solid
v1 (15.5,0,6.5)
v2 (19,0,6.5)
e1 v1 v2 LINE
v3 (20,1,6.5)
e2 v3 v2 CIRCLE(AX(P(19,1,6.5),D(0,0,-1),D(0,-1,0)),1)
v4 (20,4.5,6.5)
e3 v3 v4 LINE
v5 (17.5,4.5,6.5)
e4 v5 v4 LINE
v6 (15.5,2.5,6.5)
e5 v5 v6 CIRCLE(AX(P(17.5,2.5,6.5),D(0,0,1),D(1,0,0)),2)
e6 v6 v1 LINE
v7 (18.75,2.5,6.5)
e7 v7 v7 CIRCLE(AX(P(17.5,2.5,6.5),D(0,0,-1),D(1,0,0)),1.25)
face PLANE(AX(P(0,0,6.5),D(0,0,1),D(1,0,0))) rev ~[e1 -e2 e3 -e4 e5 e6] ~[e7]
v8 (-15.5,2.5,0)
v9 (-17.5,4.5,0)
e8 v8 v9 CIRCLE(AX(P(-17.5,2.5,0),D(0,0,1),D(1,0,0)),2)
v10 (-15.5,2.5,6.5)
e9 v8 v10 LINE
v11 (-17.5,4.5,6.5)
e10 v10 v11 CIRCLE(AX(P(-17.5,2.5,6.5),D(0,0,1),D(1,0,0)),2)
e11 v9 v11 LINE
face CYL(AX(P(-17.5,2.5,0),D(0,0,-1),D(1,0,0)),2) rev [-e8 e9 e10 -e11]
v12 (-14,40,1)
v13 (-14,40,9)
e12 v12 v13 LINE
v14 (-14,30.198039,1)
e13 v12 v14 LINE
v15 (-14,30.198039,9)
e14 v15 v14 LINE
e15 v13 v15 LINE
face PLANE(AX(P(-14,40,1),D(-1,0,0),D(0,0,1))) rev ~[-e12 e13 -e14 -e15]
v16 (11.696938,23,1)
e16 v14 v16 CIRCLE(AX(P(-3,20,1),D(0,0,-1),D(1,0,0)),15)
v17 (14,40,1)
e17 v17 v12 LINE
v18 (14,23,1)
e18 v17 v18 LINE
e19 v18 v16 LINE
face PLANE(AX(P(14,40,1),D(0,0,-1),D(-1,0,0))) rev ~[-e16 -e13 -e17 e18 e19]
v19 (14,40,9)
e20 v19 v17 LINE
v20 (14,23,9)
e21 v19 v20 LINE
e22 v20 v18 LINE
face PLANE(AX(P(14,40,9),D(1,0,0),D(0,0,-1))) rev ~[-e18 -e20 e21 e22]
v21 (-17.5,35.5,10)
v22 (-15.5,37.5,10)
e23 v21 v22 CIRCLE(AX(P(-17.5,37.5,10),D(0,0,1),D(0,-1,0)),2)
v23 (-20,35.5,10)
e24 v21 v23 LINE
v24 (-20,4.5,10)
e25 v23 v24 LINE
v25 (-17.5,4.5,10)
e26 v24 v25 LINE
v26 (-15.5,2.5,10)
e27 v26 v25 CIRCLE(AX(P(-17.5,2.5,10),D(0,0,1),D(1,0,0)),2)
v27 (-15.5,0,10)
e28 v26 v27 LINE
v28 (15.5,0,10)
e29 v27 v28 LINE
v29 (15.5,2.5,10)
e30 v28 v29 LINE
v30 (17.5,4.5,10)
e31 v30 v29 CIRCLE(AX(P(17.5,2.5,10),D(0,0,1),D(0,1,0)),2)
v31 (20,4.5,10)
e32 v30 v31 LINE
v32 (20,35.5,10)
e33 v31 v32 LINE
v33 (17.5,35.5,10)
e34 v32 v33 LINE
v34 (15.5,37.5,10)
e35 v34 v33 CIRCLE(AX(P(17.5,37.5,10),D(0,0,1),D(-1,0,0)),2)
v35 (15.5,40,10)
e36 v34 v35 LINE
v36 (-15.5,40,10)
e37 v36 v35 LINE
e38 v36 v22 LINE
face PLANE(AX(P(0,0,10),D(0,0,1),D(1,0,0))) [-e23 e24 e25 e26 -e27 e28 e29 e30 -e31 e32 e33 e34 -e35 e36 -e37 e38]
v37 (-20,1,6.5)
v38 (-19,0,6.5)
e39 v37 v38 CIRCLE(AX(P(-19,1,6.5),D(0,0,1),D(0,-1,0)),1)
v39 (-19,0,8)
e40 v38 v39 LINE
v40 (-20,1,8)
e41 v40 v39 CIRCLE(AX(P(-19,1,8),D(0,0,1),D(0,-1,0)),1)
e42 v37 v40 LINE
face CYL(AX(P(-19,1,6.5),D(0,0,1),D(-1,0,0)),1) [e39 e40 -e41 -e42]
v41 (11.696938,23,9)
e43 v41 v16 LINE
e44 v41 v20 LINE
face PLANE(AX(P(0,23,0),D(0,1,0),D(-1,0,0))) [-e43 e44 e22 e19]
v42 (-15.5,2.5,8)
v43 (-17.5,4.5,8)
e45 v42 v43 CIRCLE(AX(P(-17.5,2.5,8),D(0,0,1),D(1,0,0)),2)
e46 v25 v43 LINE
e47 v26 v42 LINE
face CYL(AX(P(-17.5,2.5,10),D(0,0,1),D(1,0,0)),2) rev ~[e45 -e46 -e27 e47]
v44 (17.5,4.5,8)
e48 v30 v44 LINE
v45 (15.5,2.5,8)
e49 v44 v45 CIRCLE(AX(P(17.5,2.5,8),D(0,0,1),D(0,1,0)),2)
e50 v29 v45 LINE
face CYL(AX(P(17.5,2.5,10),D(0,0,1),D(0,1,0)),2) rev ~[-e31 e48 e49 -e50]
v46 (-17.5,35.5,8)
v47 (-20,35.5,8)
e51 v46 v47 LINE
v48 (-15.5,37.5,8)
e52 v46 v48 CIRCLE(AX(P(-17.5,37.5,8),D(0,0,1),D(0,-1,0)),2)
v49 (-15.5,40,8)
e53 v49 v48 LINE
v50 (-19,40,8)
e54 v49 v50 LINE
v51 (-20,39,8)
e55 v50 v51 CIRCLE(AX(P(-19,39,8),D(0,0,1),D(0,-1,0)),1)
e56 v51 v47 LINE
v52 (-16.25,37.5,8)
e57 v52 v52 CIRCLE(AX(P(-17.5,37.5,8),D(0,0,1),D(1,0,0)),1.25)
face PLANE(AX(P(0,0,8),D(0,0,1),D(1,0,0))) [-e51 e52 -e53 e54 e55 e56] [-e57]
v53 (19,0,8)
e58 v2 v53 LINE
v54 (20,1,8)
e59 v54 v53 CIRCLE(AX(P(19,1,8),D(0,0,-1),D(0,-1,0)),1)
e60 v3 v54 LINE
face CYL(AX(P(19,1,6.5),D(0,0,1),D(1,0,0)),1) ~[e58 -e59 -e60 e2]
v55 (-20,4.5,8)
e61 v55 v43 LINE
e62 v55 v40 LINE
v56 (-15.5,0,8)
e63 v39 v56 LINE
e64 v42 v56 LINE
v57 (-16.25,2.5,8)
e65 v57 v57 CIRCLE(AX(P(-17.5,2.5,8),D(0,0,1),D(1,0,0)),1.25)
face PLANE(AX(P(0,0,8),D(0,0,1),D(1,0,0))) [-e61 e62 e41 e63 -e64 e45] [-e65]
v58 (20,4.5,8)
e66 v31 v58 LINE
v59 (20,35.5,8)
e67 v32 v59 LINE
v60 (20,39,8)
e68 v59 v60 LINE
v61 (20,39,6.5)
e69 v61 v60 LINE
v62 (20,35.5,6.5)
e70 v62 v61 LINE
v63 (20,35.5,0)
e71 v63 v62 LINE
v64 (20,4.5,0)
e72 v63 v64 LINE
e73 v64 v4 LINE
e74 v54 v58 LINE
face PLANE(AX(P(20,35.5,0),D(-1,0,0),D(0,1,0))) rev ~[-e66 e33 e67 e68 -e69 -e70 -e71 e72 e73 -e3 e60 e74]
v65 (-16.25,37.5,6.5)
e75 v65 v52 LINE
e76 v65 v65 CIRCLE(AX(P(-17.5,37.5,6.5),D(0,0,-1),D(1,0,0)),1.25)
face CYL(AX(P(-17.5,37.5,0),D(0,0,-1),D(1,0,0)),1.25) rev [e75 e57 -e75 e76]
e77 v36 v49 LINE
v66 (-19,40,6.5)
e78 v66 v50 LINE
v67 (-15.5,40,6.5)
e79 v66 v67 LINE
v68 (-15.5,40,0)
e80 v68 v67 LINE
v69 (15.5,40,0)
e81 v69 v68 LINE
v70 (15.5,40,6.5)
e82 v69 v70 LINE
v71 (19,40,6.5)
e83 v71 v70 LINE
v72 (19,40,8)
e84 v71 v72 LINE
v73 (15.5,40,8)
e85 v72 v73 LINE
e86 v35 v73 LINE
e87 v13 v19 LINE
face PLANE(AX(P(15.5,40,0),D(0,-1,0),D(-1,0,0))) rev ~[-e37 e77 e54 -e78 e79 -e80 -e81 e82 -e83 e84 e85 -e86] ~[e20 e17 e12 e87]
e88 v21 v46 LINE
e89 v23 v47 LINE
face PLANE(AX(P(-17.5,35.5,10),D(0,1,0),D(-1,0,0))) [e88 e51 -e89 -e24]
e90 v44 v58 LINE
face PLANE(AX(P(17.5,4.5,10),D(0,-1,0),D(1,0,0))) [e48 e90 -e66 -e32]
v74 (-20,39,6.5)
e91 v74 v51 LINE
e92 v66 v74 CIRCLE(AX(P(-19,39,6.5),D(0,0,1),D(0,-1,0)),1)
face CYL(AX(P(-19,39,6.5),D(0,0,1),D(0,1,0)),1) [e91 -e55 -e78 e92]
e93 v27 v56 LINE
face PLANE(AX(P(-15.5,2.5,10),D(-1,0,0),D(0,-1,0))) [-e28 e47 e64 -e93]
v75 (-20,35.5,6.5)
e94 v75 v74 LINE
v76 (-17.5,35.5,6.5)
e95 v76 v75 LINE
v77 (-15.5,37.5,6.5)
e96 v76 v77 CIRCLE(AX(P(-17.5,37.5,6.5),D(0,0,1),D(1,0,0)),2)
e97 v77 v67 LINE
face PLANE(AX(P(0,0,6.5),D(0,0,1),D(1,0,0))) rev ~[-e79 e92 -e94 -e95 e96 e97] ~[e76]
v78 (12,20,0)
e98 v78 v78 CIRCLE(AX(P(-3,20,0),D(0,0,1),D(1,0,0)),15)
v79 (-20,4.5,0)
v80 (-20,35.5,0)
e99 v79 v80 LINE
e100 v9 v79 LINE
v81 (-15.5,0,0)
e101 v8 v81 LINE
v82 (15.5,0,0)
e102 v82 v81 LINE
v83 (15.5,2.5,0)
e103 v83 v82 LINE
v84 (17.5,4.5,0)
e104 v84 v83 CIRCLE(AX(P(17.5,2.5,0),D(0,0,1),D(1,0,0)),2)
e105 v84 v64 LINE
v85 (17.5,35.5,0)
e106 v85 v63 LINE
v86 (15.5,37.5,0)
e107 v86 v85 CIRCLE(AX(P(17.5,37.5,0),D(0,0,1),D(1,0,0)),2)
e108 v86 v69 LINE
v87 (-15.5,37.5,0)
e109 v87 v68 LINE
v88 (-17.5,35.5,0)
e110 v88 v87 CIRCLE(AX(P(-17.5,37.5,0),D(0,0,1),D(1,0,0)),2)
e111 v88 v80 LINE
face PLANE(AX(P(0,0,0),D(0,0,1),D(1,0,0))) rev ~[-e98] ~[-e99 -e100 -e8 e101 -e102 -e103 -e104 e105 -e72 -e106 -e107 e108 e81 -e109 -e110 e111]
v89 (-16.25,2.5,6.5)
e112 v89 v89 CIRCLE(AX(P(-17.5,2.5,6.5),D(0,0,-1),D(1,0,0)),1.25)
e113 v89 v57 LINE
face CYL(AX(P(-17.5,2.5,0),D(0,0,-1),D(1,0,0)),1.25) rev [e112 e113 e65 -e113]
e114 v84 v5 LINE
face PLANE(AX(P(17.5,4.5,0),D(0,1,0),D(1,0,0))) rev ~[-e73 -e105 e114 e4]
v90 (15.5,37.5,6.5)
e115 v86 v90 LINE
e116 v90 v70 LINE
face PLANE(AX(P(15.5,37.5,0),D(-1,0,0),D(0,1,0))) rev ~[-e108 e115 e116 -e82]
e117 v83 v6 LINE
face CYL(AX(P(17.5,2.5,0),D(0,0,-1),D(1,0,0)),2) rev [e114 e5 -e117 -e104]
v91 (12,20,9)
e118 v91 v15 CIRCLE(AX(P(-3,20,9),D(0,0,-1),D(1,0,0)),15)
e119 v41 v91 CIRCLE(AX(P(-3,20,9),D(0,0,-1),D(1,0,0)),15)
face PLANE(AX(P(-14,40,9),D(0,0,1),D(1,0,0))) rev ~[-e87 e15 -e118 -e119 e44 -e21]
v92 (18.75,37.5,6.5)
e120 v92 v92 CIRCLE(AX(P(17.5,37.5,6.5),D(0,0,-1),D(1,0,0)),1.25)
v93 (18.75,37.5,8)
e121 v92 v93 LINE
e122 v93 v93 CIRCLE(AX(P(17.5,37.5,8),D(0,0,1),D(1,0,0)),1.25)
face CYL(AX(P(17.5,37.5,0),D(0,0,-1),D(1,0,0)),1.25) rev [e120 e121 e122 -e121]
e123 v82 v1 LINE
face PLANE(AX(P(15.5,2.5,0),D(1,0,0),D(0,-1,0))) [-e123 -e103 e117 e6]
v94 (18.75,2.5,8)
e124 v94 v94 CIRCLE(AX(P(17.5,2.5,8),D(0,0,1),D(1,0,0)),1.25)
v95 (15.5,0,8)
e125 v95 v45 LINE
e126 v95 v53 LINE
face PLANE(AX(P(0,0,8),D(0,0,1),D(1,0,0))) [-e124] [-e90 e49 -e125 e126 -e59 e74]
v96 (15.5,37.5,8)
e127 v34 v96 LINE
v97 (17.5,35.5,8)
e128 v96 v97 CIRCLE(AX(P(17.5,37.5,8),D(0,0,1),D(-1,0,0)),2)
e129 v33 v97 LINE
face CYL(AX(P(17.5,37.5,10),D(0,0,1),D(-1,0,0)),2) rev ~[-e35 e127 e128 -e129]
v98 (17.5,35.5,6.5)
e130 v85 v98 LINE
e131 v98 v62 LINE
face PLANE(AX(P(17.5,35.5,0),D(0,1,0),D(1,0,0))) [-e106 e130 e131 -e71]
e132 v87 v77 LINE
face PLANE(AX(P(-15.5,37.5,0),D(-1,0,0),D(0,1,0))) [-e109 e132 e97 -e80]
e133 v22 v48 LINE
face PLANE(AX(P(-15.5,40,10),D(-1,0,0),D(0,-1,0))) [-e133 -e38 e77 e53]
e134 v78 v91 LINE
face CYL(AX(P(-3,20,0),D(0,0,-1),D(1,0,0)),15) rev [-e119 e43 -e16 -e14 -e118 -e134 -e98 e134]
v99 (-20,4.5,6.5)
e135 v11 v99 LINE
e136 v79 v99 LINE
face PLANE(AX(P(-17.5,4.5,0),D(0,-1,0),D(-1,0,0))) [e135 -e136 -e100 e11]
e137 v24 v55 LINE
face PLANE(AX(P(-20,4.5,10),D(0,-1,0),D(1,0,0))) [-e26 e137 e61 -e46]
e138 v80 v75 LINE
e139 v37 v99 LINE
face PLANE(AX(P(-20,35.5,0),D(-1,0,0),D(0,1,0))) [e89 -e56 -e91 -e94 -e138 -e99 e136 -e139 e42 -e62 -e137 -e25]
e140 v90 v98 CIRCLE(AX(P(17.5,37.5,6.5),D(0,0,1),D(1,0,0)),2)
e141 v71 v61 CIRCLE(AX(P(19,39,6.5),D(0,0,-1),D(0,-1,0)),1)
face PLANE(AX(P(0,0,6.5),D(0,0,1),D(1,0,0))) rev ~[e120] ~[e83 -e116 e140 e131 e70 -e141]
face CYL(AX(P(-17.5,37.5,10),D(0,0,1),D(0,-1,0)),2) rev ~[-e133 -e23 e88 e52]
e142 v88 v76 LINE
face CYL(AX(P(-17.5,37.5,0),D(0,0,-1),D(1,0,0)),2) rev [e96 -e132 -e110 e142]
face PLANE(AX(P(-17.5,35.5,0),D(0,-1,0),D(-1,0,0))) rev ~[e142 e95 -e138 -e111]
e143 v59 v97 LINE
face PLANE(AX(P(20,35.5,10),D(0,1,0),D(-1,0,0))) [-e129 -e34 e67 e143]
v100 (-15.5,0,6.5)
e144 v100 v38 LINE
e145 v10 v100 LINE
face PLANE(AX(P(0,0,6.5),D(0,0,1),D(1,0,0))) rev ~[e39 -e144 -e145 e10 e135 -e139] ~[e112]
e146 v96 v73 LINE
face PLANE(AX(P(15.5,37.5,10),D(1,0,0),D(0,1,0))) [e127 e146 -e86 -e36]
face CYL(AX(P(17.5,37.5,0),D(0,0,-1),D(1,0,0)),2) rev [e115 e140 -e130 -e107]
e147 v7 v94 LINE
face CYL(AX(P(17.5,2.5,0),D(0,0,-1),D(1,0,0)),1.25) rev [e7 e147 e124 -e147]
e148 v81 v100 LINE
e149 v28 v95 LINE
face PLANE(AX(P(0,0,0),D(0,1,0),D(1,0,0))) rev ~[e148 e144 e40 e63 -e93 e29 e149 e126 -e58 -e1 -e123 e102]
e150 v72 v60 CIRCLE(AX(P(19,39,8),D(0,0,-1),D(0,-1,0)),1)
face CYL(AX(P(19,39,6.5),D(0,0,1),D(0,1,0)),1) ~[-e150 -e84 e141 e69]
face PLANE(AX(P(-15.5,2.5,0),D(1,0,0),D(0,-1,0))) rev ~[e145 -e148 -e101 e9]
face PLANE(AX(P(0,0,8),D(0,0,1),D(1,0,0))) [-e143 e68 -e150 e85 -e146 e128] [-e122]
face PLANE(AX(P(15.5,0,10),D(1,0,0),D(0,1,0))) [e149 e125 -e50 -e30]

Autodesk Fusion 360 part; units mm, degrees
sketch "Sketch1" plane through (0, 0, 0) normal (0, 0, 1) x (1, 0, 0)
  line L0 (0, 0) -> (20, 0)
  line L1 (20, 0) -> (20, 40)
  line L2 (20, 40) -> (0, 40)
  line L3 (0, 40) -> (0, 0)
  line L4 (0, 0) -> (-20, 0)
  line L5 (-20, 0) -> (-20, 40)
  line L6 (-20, 40) -> (0, 40)
  line L7 (0, 40) -> (0, 0)
  circle A0 centre (-3, 20) radius 15
  circle A1 centre (17.5, 37.5) radius 2
  circle A2 centre (-17.5, 37.5) radius 2
  circle A3 centre (-17.5, 2.5) radius 2
  circle A4 centre (17.5, 2.5) radius 2
  line L8 (17.5, 37.5) -> (17.5, 2.5) construction
  line L9 (17.5, 2.5) -> (-17.5, 2.5) construction
  line L10 (-17.5, 37.5) -> (17.5, 37.5) construction
  circle A5 centre (17.5, 37.5) radius 1.25
  circle A6 centre (-17.5, 37.5) radius 1.25
  circle A7 centre (-17.5, 2.5) radius 1.25
  circle A8 centre (17.5, 2.5) radius 1.25
  line L11 (15.5, 37.5) -> (15.5, 40)
  line L12 (17.5, 35.5) -> (20, 35.5)
  line L13 (17.5, 4.5) -> (20, 4.5)
  line L14 (15.5, 2.5) -> (15.5, 0)
  line L15 (-15.5, 2.5) -> (-15.5, 0)
  line L16 (-17.5, 4.5) -> (-20, 4.5)
  line L17 (-17.5, 35.5) -> (-20, 35.5)
  line L18 (-15.5, 37.5) -> (-15.5, 40)
  dimension "d1" = 40
  dimension "d2" = 40
  dimension "d5" = 30
  dimension "d14" = 17.5
  dimension "d16" = 2.5
  dimension "d17" = 2.5
  dimension "d18" = 2.5
  dimension "d19" = 4
  dimension "d29" = 20
  dimension "d30" = 17
extrude "Extrude1" add sketch "Sketch1" along normal blind 10 contours L0 L1 L2 L3 L7 A0 A1 A4 L11 L12 L13 L14 | L3 L4 L5 L6 L7 A0 A2 A3 L15 L16 L17 L18 | L0 L1 A4 L13 L14 | L3 L7 A0 | L3 L7 A0 | L4 L5 A3 L15 L16 | A4 | A3 | L1 L2 A1 L11 L12 | L5 L6 A2 L17 L18 | A1 | A2 | A5 | A6 | A7 | A8
extrude "Extrude2" cut sketch "Sketch1" along normal blind 9 contours L3 L7 A0 | L3 L7 A0
sketch "Sketch2" plane through (0, 40, 0) normal (0, 1, 0) x (-1, 0, 0)
  line L0 (-20, 0) -> (20, 0)
  line L1 (20, 0) -> (20, 10)
  line L2 (20, 10) -> (-20, 10)
  line L3 (-20, 10) -> (-20, 0)
  line L4 (-14, 1) -> (14, 1)
  line L5 (14, 1) -> (14, 9)
  line L6 (14, 9) -> (-14, 9)
  line L7 (-14, 9) -> (-14, 1)
  line L8 (-14, 1) -> (14, 9) construction
  line L9 (14, 1) -> (-14, 9) construction
  line L10 (0, 5) -> (0, 0) construction
  line L11 (0, 5) -> (-20, 5) construction
  point P0 (0, 5)
  dimension "d9" = 28
  dimension "d10" = 8
extrude "Extrude3" cut sketch "Sketch2" against normal blind 17 contours L4 L5 L6 L7
extrude "Extrude4" cut sketch "Sketch1" along normal blind 6.5 contours L0 L1 A4 L13 L14 | L4 L5 A3 L15 L16 | A4 | A3 | L1 L2 A1 L11 L12 | L5 L6 A2 L17 L18 | A1 | A2 | A5 | A6 | A7 | A8
extrude "Extrude5" cut sketch "Sketch1" along normal blind 44 contours A5 | A6 | A7 | A8
sketch "Sketch3" plane through (0, 0, 10) normal (0, 0, 1) x (1, 0, 0)
  circle A0 centre (-17.5, 37.5) radius 1.25
  circle A1 centre (-17.5, 2.5) radius 1.25
  circle A2 centre (17.5, 37.5) radius 1.25
  circle A3 centre (17.5, 2.5) radius 1.25
  line L0 (-20, 0) -> (20, 0)
  line L1 (20, 0) -> (20, 40)
  line L2 (20, 40) -> (-20, 40)
  line L3 (-20, 40) -> (-20, 0)
  circle A4 centre (-17.5, 37.5) radius 1.25
  arc A5 (-17.5, 35.5) -> (-15.5, 37.5) centre (-17.5, 37.5) ccw
  line L4 (-17.5, 35.5) -> (-20, 35.5)
  line L5 (-20, 35.5) -> (-20, 40)
  line L6 (-20, 40) -> (-15.5, 40)
  line L7 (-15.5, 40) -> (-15.5, 37.5)
  circle A6 centre (17.5, 37.5) radius 1.25
  arc A7 (15.5, 37.5) -> (17.5, 35.5) centre (17.5, 37.5) ccw
  line L8 (15.5, 37.5) -> (15.5, 40)
  line L9 (15.5, 40) -> (20, 40)
  line L10 (20, 40) -> (20, 35.5)
  line L11 (20, 35.5) -> (17.5, 35.5)
  circle A8 centre (-17.5, 2.5) radius 1.25
  arc A9 (-15.5, 2.5) -> (-17.5, 4.5) centre (-17.5, 2.5) ccw
  line L12 (-15.5, 2.5) -> (-15.5, 0)
  line L13 (-15.5, 0) -> (-20, 0)
  line L14 (-20, 0) -> (-20, 4.5)
  line L15 (-20, 4.5) -> (-17.5, 4.5)
  circle A10 centre (17.5, 2.5) radius 1.25
  arc A11 (17.5, 4.5) -> (15.5, 2.5) centre (17.5, 2.5) ccw
  line L16 (17.5, 4.5) -> (20, 4.5)
  line L17 (20, 4.5) -> (20, 0)
  line L18 (20, 0) -> (15.5, 0)
  line L19 (15.5, 0) -> (15.5, 2.5)
extrude "Extrude6" cut sketch "Sketch3" against normal blind 2 contours L0 L3 A9 L12 L13 L14 L15 | L0 L1 A11 L16 L17 L18 L19 | L2 L3 A5 L4 L5 L6 L7 | L1 L2 A7 L8 L9 L10 L11
fillet "Fillet1" radius 1 4 edges at (-20, 0, 7.25) (-20, 40, 7.25) (20, 0, 7.25) (20, 40, 7.25)
equation "d11 = -34.00 mm / 2"
